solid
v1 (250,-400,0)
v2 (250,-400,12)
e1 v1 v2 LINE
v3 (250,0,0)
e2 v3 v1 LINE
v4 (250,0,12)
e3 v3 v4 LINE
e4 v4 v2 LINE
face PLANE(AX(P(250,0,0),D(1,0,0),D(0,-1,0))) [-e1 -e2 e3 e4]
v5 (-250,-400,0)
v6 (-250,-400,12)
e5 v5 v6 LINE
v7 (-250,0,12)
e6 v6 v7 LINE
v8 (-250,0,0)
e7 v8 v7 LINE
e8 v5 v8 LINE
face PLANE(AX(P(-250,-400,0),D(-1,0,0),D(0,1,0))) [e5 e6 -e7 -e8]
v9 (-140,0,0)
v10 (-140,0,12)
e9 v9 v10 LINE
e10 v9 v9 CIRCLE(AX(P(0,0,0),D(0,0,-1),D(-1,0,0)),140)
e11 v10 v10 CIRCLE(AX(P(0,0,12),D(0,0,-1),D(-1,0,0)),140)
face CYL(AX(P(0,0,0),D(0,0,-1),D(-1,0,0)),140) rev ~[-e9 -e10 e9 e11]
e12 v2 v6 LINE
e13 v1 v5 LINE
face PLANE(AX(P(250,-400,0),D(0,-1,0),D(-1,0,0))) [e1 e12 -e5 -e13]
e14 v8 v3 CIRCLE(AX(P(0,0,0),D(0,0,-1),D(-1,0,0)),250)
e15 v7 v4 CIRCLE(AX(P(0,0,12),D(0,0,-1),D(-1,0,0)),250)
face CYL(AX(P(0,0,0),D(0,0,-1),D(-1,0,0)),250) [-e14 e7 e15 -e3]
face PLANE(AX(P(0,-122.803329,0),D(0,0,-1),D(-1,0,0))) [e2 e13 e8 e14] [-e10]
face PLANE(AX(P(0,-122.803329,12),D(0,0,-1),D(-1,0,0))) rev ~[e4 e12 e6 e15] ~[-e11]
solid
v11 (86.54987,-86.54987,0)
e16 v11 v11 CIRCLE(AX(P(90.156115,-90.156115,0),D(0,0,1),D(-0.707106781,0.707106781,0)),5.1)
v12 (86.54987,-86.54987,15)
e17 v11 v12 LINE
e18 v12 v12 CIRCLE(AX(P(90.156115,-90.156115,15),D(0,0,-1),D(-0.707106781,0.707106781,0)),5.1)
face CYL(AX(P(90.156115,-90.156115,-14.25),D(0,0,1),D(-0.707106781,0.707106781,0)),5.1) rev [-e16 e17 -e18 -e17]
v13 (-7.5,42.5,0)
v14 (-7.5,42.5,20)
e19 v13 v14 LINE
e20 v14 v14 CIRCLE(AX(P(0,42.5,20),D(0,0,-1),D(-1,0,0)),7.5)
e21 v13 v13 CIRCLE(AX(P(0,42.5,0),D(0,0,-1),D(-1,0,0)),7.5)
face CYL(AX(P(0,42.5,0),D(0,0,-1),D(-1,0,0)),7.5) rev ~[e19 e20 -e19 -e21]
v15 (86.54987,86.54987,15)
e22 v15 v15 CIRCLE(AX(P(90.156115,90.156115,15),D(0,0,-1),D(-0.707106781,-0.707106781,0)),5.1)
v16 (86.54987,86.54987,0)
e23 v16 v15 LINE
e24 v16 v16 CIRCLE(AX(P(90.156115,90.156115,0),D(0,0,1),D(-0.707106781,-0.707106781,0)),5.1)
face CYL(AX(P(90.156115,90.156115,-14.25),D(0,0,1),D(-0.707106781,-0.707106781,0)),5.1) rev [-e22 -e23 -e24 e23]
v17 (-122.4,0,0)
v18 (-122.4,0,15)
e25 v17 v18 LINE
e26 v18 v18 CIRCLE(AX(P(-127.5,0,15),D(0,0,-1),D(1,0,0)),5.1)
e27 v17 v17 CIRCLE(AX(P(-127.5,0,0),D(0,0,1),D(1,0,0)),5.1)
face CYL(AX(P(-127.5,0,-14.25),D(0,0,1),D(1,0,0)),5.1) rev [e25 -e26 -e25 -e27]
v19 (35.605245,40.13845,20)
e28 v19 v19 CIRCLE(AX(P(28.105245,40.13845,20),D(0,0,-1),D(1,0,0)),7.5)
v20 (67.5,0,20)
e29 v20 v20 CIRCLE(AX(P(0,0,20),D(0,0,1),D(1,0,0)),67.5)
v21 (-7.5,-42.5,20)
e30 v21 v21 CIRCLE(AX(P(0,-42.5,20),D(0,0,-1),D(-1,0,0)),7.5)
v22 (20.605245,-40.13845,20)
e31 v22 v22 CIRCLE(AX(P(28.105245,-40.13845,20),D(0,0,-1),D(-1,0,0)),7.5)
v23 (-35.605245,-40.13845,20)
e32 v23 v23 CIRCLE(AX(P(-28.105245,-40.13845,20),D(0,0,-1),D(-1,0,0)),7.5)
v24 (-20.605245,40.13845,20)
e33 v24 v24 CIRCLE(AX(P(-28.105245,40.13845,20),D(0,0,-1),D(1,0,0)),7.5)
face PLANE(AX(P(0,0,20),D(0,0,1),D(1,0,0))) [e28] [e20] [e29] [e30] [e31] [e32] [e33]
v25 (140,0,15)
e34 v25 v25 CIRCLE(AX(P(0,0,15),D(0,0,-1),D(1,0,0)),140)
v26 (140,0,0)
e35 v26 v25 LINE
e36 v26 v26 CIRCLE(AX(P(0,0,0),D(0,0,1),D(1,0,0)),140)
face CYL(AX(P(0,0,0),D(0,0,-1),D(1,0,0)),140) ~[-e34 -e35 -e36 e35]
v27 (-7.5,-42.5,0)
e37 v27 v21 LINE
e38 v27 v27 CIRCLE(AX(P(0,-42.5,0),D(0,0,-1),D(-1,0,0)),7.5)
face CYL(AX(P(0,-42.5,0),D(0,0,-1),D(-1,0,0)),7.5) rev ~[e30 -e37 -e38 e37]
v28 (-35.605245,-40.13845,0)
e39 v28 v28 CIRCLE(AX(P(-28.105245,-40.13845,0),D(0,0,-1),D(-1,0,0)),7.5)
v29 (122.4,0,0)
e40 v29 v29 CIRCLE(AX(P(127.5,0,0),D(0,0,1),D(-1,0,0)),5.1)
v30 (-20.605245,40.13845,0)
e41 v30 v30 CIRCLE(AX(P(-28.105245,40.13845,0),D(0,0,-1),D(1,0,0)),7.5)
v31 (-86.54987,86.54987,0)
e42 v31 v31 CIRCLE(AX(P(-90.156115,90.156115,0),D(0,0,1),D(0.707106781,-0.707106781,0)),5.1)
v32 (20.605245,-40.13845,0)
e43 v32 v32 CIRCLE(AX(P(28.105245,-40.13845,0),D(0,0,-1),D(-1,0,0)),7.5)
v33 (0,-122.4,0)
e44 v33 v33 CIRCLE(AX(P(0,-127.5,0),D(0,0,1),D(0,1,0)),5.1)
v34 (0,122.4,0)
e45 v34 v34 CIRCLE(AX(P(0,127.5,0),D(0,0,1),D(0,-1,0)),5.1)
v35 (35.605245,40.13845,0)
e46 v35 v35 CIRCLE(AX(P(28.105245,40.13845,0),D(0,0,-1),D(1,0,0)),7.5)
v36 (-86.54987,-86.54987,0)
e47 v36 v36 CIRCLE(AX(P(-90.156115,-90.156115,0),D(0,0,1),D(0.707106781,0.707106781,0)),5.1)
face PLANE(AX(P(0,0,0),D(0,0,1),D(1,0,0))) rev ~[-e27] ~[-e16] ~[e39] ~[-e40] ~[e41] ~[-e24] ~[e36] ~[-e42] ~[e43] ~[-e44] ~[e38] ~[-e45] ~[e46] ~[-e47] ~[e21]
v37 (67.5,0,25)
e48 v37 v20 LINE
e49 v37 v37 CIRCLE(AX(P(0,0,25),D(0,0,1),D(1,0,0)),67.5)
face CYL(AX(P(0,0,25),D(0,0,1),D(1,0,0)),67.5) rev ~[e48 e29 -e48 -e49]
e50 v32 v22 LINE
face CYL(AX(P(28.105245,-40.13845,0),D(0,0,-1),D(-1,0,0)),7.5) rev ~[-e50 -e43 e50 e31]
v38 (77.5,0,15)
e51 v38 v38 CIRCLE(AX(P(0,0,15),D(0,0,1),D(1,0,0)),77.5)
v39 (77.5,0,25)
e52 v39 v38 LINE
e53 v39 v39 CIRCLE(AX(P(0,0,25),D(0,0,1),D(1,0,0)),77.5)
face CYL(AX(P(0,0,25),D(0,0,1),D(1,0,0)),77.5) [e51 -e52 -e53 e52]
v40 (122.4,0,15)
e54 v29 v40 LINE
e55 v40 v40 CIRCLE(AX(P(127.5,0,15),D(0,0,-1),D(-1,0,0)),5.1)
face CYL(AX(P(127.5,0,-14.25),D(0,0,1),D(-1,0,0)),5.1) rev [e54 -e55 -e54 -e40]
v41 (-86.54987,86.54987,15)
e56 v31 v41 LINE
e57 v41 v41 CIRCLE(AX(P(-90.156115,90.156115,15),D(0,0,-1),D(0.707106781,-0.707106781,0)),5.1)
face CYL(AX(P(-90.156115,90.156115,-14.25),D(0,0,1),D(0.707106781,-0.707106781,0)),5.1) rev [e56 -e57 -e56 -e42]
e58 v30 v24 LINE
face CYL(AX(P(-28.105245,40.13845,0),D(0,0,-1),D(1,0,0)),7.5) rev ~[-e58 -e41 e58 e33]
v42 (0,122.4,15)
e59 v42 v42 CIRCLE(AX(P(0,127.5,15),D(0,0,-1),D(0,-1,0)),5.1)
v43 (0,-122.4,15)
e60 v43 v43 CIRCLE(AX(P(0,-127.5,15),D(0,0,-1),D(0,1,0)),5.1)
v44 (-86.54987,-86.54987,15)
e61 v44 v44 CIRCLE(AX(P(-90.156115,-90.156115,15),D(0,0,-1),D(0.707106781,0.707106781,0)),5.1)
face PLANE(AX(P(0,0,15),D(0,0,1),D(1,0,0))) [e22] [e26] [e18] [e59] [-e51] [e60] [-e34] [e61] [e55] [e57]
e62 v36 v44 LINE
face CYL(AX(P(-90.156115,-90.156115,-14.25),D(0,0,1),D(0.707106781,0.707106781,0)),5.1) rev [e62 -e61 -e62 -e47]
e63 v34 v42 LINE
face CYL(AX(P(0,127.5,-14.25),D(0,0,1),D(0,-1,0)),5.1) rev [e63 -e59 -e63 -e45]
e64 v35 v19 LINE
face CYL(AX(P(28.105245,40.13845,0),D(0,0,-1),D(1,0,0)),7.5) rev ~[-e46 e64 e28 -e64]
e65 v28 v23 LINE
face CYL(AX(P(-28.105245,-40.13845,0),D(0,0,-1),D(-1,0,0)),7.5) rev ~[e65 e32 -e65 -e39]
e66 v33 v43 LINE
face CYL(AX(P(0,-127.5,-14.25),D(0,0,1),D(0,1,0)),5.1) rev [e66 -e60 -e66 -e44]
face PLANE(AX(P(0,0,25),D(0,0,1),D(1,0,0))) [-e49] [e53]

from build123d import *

# Parameters (mm, degrees)
SKETCH_1_R               = 140
EXTRUDE_1_DEPTH          = 25
SKETCH_2_R               = 67.5
CUT_EXTRUDE_1_DEPTH      = 5
SKETCH_5_OUTSIDE_W       = 361.354
SKETCH_5_OUTSIDE_H       = 361.354
SKETCH_5_OUTSIDE_R       = 77.5
CUT_EXTRUDE_4_DEPTH      = 10
SKETCH_6_R               = 7.5
CUT_EXTRUDE_5_DEPTH      = 200.562020435
PATTERN_CIRCULAR_1_COUNT = 8
SKETCH_10_R              = 140
EXTRUDE_2_DEPTH          = 12


with BuildPart() as part:
    # 草图1 → 凸台-拉伸1 (new body)
    with BuildSketch(Plane.XY):
        Circle(SKETCH_1_R)
    extrude(amount=EXTRUDE_1_DEPTH)

    # 草图2 → 切除-拉伸1 (cut)
    with BuildSketch(Plane.XY.offset(25)):
        Circle(SKETCH_2_R)
    extrude(amount=-CUT_EXTRUDE_1_DEPTH, mode=Mode.SUBTRACT)

    # 草图5 outside → 切除-拉伸4 (cut)
    with BuildSketch(Plane.XY.offset(25)):
        Rectangle(SKETCH_5_OUTSIDE_W, SKETCH_5_OUTSIDE_H)
        Circle(SKETCH_5_OUTSIDE_R, mode=Mode.SUBTRACT)
    extrude(amount=-CUT_EXTRUDE_4_DEPTH, mode=Mode.SUBTRACT)

    # 草图6 → 切除-拉伸5 (cut, through all)
    with BuildSketch(Plane(origin=(0, 0, 0), x_dir=(-1, 0, 0), z_dir=(0, 0, -1))):
        with Locations((0, 42.5)):
            Circle(SKETCH_6_R)
        with Locations((0, -42.5)):
            Circle(SKETCH_6_R)
        with Locations((-28.105245381, -40.13845017)):
            Circle(SKETCH_6_R)
        with Locations((28.105245381, -40.13845017)):
            Circle(SKETCH_6_R)
        with Locations(Location((28.105245381, 40.13845017, 0), (0, 0, 180))):
            Circle(SKETCH_6_R)
        with Locations(Location((-28.105245381, 40.13845017, 0), (0, 0, 180))):
            Circle(SKETCH_6_R)
    extrude(amount=-CUT_EXTRUDE_5_DEPTH, mode=Mode.SUBTRACT)

    # 草图8 → M12 螺纹孔1 (revolve, cut)
    with BuildSketch(Plane(origin=(0, 127.5, 15), x_dir=(0, -1, 0), z_dir=(1, 0, 0))):
        Polygon((0, 0), (0, 32.314389157), (5.1, 29.25), (5.1, 0), align=None)
    hole_wizard_m12_1 = revolve(axis=Axis((0, 127.5, 21.35), (0, 0, -1)), mode=Mode.SUBTRACT)

    # 阵列(圆周)1: M12 螺纹孔1 ×8 about axis
    pattern_circular_1_axis = Axis((0, 0, 0), (0, 0, 1))
    for i in range(1, PATTERN_CIRCULAR_1_COUNT):
        add(hole_wizard_m12_1.rotate(pattern_circular_1_axis, i * 360 / PATTERN_CIRCULAR_1_COUNT), mode=Mode.SUBTRACT)


with BuildPart() as body_2:
    # 草图10 → 凸台-拉伸2 (new body)
    with BuildSketch(Plane(origin=(0, 0, 0), x_dir=(-1, 0, 0), z_dir=(0, 0, -1))):
        with BuildLine():
            Line((-250, 0), (-250, -400))
            Line((-250, -400), (250, -400))
            Line((250, -400), (250, 0))
            ThreePointArc((250, 0), (0, 250), (-250, 0))
        make_face()
        Circle(SKETCH_10_R, mode=Mode.SUBTRACT)
    extrude(amount=-EXTRUDE_2_DEPTH)


solid = Compound([part.part, body_2.part])
